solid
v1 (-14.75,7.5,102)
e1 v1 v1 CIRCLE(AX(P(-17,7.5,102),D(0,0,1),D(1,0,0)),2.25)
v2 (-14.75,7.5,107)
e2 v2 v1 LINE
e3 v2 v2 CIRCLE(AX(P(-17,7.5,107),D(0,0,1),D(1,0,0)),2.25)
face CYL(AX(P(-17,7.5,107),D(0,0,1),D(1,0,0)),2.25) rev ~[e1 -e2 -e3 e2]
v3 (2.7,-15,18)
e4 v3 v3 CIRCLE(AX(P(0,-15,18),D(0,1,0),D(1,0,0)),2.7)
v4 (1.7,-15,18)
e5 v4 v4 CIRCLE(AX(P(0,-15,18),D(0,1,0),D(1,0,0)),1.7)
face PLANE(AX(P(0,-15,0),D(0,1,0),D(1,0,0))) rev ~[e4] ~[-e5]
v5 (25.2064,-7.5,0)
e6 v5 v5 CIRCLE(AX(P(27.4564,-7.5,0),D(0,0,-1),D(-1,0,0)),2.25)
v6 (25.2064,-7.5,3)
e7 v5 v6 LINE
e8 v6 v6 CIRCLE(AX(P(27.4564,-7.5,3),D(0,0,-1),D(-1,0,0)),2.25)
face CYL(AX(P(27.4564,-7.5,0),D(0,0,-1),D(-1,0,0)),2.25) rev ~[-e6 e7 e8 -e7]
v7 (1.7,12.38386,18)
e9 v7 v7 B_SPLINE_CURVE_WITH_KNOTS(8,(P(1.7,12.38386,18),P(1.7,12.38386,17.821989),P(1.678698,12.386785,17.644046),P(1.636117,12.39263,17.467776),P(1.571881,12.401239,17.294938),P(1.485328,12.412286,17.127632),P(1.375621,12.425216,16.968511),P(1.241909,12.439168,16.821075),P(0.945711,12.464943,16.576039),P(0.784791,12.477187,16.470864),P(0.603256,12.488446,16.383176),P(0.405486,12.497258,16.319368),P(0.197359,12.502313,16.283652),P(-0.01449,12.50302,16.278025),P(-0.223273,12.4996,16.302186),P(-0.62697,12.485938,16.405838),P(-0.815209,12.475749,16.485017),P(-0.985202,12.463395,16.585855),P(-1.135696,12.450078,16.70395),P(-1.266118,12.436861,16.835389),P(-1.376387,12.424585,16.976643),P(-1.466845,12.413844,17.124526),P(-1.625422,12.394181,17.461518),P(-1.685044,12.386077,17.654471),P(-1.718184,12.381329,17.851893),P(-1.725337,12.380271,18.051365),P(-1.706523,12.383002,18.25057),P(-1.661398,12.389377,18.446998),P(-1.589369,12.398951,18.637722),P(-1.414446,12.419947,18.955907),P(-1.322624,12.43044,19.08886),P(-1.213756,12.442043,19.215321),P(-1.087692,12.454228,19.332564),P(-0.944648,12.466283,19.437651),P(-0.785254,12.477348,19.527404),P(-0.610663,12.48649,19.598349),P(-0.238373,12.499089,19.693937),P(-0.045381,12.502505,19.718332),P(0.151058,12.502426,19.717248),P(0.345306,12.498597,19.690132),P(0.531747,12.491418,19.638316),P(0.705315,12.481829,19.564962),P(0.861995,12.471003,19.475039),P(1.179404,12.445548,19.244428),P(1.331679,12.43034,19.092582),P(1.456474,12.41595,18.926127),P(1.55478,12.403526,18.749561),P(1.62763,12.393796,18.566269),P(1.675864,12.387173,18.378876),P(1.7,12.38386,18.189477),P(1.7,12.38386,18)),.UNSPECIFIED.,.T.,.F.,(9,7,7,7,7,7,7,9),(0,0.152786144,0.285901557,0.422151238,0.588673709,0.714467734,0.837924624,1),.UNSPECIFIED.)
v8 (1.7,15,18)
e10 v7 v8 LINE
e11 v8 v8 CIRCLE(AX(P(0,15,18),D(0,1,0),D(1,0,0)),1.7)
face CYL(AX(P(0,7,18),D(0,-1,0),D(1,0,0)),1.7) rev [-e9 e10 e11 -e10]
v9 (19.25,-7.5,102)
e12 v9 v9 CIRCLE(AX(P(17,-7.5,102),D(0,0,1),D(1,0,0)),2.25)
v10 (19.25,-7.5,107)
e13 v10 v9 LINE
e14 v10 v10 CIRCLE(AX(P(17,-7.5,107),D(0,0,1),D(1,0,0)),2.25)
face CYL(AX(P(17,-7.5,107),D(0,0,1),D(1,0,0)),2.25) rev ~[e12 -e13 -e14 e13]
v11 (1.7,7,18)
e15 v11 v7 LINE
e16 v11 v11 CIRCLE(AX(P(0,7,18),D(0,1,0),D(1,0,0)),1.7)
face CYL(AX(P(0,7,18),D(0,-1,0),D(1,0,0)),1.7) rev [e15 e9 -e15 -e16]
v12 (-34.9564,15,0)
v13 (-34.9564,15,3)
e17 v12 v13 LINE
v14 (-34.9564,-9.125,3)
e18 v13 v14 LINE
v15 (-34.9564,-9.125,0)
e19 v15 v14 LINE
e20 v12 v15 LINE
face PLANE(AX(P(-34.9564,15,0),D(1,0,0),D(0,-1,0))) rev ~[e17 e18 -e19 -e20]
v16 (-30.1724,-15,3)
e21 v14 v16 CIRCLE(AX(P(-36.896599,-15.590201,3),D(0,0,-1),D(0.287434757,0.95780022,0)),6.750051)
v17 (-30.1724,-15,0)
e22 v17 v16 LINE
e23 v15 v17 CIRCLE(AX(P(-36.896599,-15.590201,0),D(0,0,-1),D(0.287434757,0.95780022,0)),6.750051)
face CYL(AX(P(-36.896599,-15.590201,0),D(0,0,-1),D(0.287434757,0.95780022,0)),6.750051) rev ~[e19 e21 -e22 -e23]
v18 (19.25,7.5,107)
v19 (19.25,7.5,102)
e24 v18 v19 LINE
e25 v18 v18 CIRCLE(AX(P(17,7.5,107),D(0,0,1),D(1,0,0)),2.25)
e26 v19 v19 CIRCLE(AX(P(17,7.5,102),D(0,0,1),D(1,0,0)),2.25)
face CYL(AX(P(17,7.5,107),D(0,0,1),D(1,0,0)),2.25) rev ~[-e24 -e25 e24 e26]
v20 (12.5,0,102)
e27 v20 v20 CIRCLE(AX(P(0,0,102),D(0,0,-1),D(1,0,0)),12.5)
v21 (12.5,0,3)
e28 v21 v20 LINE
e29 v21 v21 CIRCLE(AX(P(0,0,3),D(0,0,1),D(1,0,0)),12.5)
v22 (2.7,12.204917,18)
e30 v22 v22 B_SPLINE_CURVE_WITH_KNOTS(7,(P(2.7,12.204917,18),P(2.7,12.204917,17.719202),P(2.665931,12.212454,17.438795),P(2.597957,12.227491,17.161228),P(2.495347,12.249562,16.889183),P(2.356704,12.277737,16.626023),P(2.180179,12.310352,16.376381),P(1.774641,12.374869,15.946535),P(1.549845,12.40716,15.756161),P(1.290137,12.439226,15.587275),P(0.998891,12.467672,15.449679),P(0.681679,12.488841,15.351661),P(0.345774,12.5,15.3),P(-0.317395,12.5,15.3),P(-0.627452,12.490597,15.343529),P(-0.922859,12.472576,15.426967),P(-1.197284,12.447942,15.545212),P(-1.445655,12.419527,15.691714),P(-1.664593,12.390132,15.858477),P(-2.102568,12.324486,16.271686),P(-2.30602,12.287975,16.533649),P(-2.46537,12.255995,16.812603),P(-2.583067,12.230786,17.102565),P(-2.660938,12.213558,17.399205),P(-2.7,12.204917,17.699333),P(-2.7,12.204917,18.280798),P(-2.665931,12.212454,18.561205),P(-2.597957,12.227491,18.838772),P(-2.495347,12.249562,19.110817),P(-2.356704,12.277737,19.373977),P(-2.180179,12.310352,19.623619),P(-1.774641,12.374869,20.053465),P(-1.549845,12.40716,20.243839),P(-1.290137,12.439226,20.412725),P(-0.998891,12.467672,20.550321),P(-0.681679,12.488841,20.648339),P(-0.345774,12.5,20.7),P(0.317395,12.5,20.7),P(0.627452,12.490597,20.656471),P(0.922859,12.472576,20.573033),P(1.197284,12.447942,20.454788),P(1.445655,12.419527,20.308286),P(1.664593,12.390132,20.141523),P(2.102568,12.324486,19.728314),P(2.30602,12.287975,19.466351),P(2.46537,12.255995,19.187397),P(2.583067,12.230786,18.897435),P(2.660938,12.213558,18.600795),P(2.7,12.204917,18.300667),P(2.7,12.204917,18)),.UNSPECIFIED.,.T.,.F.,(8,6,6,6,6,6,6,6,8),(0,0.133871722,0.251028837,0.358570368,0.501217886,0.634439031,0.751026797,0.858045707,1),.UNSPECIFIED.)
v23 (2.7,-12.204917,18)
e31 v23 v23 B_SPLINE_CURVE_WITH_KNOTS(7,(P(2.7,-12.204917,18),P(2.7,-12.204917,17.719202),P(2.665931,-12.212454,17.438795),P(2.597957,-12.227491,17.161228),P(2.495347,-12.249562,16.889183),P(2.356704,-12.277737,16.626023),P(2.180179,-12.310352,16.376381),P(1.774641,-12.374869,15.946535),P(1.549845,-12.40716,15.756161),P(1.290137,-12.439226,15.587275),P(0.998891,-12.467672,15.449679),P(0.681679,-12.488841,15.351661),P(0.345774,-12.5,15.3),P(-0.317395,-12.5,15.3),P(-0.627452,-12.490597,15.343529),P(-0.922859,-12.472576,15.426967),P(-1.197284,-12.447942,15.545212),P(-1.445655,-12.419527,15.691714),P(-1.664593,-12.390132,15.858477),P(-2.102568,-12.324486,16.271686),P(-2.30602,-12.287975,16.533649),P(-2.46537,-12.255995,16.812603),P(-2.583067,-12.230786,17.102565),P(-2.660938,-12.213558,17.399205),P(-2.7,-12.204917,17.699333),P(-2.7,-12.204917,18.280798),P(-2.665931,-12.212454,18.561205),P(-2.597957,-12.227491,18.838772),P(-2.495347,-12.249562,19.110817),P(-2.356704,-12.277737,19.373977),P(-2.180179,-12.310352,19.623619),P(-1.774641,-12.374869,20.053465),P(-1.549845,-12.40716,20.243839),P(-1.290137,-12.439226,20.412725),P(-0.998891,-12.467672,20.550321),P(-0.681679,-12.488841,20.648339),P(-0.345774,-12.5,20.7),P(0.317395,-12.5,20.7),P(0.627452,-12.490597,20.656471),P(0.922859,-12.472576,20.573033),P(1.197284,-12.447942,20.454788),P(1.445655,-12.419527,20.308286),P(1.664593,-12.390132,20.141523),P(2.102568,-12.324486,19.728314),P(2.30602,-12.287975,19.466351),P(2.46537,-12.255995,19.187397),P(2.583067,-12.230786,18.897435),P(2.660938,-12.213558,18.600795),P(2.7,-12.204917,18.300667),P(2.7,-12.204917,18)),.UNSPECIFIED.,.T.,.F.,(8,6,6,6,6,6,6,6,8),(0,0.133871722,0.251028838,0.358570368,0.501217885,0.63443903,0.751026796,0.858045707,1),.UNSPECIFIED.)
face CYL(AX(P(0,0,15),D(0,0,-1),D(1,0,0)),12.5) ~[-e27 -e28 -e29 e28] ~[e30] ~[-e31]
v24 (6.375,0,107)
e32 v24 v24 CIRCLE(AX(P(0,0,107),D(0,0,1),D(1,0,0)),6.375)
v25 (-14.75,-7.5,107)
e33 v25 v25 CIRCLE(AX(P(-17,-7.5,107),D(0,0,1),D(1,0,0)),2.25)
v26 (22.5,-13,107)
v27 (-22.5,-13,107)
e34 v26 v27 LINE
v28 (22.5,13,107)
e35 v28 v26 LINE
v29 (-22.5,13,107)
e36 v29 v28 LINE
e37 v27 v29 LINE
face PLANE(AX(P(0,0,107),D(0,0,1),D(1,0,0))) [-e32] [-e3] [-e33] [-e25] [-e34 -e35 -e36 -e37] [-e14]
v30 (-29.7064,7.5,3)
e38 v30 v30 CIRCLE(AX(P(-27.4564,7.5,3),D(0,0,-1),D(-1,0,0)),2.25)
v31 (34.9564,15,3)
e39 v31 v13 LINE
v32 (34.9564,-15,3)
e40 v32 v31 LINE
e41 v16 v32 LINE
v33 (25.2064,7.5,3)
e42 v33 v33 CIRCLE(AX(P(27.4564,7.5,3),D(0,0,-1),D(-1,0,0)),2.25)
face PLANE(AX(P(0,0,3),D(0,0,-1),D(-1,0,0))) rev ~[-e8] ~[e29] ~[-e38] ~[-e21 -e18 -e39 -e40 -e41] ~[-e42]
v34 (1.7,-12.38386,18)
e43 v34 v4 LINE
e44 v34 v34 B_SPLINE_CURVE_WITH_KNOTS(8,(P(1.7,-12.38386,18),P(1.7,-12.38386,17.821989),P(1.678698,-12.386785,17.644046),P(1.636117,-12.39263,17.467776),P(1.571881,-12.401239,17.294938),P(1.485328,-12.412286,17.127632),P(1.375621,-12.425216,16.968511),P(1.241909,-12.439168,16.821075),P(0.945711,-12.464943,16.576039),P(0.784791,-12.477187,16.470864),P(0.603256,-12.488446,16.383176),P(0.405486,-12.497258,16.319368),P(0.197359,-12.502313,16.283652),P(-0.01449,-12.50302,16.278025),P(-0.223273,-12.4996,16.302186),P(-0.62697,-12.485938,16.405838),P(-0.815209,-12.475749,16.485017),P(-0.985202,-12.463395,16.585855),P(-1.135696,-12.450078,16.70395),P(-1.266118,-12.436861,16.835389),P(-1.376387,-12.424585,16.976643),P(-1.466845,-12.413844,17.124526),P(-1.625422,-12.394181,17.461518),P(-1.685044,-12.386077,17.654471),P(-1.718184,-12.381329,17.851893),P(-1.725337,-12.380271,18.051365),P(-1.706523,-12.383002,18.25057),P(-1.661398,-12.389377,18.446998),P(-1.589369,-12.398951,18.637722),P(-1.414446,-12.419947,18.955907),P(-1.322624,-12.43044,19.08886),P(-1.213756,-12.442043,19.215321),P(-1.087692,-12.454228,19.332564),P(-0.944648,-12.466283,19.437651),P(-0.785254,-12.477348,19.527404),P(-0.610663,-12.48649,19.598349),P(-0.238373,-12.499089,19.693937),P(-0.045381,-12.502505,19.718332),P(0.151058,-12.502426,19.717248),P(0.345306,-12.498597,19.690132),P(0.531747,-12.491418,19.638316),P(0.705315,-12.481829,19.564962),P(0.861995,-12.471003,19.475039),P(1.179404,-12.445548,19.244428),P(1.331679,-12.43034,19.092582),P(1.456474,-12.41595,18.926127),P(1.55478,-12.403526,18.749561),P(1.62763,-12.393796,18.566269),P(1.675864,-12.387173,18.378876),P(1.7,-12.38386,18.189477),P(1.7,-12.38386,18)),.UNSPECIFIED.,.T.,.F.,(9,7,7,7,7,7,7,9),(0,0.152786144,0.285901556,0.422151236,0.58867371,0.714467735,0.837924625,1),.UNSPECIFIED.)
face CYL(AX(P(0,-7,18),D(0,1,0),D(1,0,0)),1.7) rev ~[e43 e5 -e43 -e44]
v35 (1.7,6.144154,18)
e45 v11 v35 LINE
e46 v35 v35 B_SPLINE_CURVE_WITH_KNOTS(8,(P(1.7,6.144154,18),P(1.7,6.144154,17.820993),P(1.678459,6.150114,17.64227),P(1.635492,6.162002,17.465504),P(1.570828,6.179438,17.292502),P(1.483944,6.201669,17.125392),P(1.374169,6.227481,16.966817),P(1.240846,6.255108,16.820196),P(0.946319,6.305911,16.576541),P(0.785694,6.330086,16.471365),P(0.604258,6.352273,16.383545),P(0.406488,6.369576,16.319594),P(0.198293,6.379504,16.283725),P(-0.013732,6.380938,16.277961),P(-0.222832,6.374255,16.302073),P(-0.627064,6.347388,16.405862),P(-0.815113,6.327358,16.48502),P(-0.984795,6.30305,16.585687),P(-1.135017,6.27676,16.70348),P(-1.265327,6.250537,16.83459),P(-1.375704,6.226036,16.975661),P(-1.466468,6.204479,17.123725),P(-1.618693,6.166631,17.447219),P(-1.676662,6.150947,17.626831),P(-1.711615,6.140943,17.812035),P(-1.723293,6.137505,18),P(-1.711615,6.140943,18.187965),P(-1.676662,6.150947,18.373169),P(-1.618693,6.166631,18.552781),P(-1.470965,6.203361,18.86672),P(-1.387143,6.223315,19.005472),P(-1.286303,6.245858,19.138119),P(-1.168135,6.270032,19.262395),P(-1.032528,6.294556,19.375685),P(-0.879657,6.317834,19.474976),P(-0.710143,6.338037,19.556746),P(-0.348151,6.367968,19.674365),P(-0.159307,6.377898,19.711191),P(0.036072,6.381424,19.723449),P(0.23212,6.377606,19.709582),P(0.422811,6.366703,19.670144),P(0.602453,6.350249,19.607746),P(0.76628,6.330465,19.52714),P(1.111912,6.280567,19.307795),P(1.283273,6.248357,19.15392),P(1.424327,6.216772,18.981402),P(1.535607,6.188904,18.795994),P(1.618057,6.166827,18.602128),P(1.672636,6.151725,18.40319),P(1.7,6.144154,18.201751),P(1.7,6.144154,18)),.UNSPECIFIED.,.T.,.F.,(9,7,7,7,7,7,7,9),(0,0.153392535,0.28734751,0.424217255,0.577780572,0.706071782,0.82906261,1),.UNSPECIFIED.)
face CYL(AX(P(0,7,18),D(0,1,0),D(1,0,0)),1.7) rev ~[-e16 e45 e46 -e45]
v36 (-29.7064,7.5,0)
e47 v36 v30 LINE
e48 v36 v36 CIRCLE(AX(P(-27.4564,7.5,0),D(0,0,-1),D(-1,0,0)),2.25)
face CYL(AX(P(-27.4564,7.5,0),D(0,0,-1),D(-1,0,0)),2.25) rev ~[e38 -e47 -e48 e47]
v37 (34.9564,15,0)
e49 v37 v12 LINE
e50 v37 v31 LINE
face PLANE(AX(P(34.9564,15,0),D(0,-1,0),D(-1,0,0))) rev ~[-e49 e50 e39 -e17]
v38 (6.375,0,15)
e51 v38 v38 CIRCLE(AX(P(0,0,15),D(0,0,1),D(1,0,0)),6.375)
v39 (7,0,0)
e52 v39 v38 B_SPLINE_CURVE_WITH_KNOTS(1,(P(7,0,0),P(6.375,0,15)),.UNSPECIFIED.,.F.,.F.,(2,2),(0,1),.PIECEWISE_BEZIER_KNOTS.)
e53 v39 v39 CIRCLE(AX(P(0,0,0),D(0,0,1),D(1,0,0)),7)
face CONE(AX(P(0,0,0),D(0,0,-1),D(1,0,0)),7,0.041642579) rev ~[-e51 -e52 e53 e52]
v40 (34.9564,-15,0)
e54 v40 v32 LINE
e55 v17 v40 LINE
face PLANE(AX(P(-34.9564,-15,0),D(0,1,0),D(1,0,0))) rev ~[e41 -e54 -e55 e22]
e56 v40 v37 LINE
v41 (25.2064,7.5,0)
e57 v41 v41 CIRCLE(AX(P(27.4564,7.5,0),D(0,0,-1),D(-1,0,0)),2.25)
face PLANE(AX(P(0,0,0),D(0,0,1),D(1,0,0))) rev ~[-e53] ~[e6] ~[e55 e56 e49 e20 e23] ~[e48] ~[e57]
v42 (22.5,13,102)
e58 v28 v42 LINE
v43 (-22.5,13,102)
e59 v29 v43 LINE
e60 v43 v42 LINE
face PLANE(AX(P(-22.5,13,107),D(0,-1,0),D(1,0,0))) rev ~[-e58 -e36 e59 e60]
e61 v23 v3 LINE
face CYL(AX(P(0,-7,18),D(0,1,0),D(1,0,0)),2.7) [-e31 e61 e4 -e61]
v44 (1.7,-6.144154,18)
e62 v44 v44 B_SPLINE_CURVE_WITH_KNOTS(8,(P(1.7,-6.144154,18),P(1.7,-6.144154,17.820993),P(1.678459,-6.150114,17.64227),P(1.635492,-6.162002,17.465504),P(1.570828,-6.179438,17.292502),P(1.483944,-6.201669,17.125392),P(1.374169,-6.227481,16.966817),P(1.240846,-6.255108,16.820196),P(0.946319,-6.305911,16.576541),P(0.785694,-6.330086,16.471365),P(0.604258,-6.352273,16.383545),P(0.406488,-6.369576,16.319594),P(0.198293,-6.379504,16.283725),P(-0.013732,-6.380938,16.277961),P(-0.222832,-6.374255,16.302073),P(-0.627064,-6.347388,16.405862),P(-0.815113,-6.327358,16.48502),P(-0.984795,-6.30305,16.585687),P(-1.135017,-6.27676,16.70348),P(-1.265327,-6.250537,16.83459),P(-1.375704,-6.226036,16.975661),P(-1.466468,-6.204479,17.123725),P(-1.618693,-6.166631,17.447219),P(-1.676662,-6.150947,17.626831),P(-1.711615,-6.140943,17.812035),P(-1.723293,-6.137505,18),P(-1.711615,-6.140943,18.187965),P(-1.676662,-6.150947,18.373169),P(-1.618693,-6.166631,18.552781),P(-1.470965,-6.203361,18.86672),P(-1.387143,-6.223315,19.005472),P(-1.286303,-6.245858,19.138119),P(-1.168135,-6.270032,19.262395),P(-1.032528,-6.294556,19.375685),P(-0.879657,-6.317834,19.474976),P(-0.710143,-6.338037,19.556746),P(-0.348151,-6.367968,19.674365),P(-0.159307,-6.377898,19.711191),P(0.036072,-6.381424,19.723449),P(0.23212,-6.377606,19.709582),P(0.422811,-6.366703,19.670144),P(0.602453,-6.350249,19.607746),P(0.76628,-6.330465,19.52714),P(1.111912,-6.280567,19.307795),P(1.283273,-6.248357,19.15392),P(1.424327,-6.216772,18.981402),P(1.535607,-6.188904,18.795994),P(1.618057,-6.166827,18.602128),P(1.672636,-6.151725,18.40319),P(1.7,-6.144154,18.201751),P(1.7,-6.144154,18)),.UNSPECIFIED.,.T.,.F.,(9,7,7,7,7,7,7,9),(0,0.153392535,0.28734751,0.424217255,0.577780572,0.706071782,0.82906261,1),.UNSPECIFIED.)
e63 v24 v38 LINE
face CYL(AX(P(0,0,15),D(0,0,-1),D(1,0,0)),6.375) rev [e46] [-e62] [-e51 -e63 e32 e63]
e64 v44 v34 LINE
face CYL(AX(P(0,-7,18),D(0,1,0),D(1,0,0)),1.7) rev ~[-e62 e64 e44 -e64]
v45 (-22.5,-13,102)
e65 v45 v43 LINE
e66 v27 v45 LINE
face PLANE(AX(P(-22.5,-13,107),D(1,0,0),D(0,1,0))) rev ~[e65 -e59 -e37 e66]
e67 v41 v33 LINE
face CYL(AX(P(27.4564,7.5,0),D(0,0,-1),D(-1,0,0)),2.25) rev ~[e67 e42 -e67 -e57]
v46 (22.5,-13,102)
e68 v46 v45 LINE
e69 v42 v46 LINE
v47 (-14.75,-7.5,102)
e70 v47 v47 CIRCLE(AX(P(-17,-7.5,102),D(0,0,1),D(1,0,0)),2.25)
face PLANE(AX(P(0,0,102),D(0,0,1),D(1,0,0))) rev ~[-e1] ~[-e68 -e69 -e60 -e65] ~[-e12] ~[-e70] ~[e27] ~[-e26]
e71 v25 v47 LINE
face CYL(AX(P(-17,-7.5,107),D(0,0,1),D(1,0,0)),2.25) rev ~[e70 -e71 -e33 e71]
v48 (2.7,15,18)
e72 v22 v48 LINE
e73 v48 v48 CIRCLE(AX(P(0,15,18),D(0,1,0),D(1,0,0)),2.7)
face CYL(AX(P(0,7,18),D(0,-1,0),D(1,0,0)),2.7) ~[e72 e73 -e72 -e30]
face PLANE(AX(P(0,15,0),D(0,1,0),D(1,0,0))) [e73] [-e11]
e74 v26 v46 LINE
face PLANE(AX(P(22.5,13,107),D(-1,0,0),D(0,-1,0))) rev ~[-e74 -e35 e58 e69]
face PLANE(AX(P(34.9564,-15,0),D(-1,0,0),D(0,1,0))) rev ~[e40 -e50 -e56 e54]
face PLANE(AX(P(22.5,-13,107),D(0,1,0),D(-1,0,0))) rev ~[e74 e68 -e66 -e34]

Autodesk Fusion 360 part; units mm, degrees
sketch "Sketch1" plane through (0, 0, 0) normal (0, 0, 1) x (1, 0, 0)
  circle A0 centre (0, 0) radius 7
  circle A1 centre (0, 0) radius 12.5
  dimension "d1" = 25
  dimension "d2" = 14
extrude "Extrude1" add sketch "Sketch1" along normal blind 15 contours A0 | A1
sketch "Sketch2" plane through (0, 0, 15) normal (0, 0, 1) x (1, 0, 0)
  circle A0 centre (0, 0) radius 12.5
  circle A1 centre (0, 0) radius 6.375
  dimension "d5" = 12.75
loft "Loft1" cut profiles "Sketch1", "Sketch2" section 1 contours A0 section 2 contours A1
extrude "Extrude2" add 1 faces at (10.4118, -0.621, 15) along direction (0, 0, 1) blind 92
sketch "Sketch17" plane through (0, 0, 107) normal (0, 0, 1) x (1, 0, 0)
  circle A0 centre (-17, -7.5) radius 2.25
  circle A1 centre (17, -7.5) radius 2.25
  circle A2 centre (0, 0) radius 6.375
  circle A3 centre (0, 0) radius 12.5
  line L0 (-22.5, 13) -> (22.5, 13)
  line L1 (22.5, 13) -> (22.5, -13)
  line L2 (22.5, -13) -> (-22.5, -13)
  line L3 (-22.5, -13) -> (-22.5, 13)
  line L4 (0, 0) -> (-22.5, 0) construction
  line L5 (0, 0) -> (22.5, 0) construction
  circle A4 centre (-17, 7.5) radius 2.25
  circle A5 centre (17, 7.5) radius 2.25
  point P0 (-12.5, 0)
  point P1 (12.5, 0)
  dimension "d112" = 4.5
  dimension "d113" = 4.5
  dimension "d147" = 10
  dimension "d148" = 10
  dimension "d149" = 7.5
  dimension "d150" = 13
  dimension "d151" = 17
  dimension "d152" = 17
  dimension "d153" = 7.5
  dimension "d154" = 17
  dimension "d155" = 7.5
  dimension "d156" = 4.5
  dimension "d157" = 4.5
  dimension "d158" = 17
  dimension "d159" = 7.5
extrude "Extrude15" add sketch "Sketch17" against normal blind 5 contours A3 | L0 L1 L2 L3
sketch "Sketch18" plane through (0, 0, 0) normal (0, 0, -1) x (-1, 0, 0)
  circle A0 centre (-17, -7.5) radius 2.25
  circle A1 centre (17, -7.5) radius 2.25
  line L0 (-34.9564, 15) -> (34.9564, 15)
  line L1 (34.9564, 15) -> (34.9564, -15)
  line L2 (34.9564, -15) -> (-34.9564, -15)
  line L3 (-34.9564, -15) -> (-34.9564, 15)
  circle A2 centre (-27.4564, -7.5) radius 2.25
  circle A3 centre (0, 0) radius 7
  circle A4 centre (0, 0) radius 12.5
  line L4 (-22.5, -13) -> (22.5, -13)
  line L5 (22.5, -13) -> (22.5, 13)
  line L6 (22.5, 13) -> (-22.5, 13)
  line L7 (-22.5, 13) -> (-22.5, -13)
  circle A5 centre (0, 0) radius 12.5
  circle A6 centre (-17, 7.5) radius 2.25
  circle A7 centre (17, 7.5) radius 2.25
  circle A8 centre (-27.4564, 7.5) radius 2.25
  circle A9 centre (27.4564, 7.5) radius 2.25
  point P0 (0, -15)
  dimension "d122" = 4.5
  dimension "d124" = 7.5
  dimension "d125" = 7.5
  dimension "d160" = 34.9564
  dimension "d161" = 15
  dimension "d162" = 34.9564
  dimension "d163" = 15
  dimension "d164" = 7.5
  dimension "d165" = 7.5
  dimension "d166" = 4.5
  dimension "d167" = 7.5
  dimension "d168" = 7.5
  dimension "d169" = 4.5
extrude "Extrude16" add sketch "Sketch18" against normal blind 3 contours A0 | A1 | L0 L1 L2 L3 | L4 L5 L6 L7 | A6 | A7
ref_plane "WorkPlane5" through (0, -7, 0) normal (0, 1, 0) x (0, 0, 1)
sketch "Sketch19" plane through (0, -7, 0) normal (0, 1, 0) x (1, 0, 0)
  line L0 (6.375, -15) -> (-6.375, -15)
  line L1 (0, -15) -> (0, -107) construction
  circle A0 centre (0, -18) radius 1.7
  circle A1 centre (0, -18) radius 2.7
  line L2 (6.375, -107) -> (-6.375, -107)
  dimension "d131" = 3.4
  dimension "d132" = 5.4
  dimension "d139" = 3
extrude "Extrude17" add sketch "Sketch19" against normal blind 8
extrude "Extrude18" cut sketch "Sketch19" along normal blind 2 and the other way blind 8 contours A0
ref_plane "WorkPlane7" through (0, 7, 0) normal (0, 1, 0) x (0, 0, 1)
sketch "Sketch22" plane through (0, 7, 0) normal (0, 1, 0) x (1, 0, 0)
  circle A0 centre (0, -18) radius 1.7
  circle A1 centre (0, -18) radius 2.7
  point P0 (0, -18)
  dimension "d171" = 3.4
  dimension "d172" = 5.4
extrude "Extrude21" add sketch "Sketch22" along normal blind 8
extrude "Extrude22" cut sketch "Sketch22" along normal blind 8 and the other way blind 2 contours A0
sketch "Sketch23" plane through (0, 0, 0) normal (0, 0, -1) x (-1, 0, 0)
  line L0 (-34.9564, -15) -> (34.9564, -15)
  line L1 (34.9564, -15) -> (34.9564, 15)
  line L2 (34.9564, 15) -> (-34.9564, 15)
  line L3 (-34.9564, 15) -> (-34.9564, -15)
  circle A0 centre (-27.4564, 7.5) radius 2.25
  circle A1 centre (-27.4564, -7.5) radius 2.25
  circle A2 centre (27.4564, 7.5) radius 2.25
  circle A3 centre (0, 0) radius 7
  line L4 (34.9564, -15) -> (30.1724, -15)
  line L5 (34.9564, -9.125) -> (34.9564, -15)
  arc A4 (34.9564, -9.125) -> (30.1724, -15) centre (36.8966, -15.5902) ccw
  dimension "d181" = 4.784
  dimension "d182" = 5.875
  dimension "d183" = 6.75
extrude "Extrude23" cut sketch "Sketch23" against normal up to surface (3 mm away) contours L0 L1 L4 L5 A4
equation "d110 = 15 mm"
equation "d113 = d112"
equation "d116 = d110 / 2"
equation "d125 = d124"
equation "d130 = -d2 / 2"
equation "d132 = d131 + 2 mm"
equation "d148 = d147"
equation "d152 = d151"
equation "d153 = d149"
equation "d154 = d151"
equation "d155 = d149"
equation "d156 = d112"
equation "d157 = d112"
equation "d158 = d151"
equation "d159 = d149"
equation "d162 = d160"
equation "d163 = d161"
equation "d164 = d124"
equation "d165 = d124"
equation "d166 = d122"
equation "d167 = d124"
equation "d168 = d124"
equation "d169 = d122"
equation "d170 = ( d2 / 2 mm ) * 1 mm"
equation "d172 = d171 + 2 mm"
equation "d64 = d67"
equation "d67 = 40.00 mm"
equation "d70 = d67"
equation "d82 = -d67"
equation "d96 = d26 / 2"
equation "d97 = d16 / 2"
equation "d101 = -d29"
equation "d105 = -d29"
equation "d114 = 17 mm"
equation "d115 = d114"
equation "d117 = d116"
equation "d126 = d124"
equation "d127 = d124"
